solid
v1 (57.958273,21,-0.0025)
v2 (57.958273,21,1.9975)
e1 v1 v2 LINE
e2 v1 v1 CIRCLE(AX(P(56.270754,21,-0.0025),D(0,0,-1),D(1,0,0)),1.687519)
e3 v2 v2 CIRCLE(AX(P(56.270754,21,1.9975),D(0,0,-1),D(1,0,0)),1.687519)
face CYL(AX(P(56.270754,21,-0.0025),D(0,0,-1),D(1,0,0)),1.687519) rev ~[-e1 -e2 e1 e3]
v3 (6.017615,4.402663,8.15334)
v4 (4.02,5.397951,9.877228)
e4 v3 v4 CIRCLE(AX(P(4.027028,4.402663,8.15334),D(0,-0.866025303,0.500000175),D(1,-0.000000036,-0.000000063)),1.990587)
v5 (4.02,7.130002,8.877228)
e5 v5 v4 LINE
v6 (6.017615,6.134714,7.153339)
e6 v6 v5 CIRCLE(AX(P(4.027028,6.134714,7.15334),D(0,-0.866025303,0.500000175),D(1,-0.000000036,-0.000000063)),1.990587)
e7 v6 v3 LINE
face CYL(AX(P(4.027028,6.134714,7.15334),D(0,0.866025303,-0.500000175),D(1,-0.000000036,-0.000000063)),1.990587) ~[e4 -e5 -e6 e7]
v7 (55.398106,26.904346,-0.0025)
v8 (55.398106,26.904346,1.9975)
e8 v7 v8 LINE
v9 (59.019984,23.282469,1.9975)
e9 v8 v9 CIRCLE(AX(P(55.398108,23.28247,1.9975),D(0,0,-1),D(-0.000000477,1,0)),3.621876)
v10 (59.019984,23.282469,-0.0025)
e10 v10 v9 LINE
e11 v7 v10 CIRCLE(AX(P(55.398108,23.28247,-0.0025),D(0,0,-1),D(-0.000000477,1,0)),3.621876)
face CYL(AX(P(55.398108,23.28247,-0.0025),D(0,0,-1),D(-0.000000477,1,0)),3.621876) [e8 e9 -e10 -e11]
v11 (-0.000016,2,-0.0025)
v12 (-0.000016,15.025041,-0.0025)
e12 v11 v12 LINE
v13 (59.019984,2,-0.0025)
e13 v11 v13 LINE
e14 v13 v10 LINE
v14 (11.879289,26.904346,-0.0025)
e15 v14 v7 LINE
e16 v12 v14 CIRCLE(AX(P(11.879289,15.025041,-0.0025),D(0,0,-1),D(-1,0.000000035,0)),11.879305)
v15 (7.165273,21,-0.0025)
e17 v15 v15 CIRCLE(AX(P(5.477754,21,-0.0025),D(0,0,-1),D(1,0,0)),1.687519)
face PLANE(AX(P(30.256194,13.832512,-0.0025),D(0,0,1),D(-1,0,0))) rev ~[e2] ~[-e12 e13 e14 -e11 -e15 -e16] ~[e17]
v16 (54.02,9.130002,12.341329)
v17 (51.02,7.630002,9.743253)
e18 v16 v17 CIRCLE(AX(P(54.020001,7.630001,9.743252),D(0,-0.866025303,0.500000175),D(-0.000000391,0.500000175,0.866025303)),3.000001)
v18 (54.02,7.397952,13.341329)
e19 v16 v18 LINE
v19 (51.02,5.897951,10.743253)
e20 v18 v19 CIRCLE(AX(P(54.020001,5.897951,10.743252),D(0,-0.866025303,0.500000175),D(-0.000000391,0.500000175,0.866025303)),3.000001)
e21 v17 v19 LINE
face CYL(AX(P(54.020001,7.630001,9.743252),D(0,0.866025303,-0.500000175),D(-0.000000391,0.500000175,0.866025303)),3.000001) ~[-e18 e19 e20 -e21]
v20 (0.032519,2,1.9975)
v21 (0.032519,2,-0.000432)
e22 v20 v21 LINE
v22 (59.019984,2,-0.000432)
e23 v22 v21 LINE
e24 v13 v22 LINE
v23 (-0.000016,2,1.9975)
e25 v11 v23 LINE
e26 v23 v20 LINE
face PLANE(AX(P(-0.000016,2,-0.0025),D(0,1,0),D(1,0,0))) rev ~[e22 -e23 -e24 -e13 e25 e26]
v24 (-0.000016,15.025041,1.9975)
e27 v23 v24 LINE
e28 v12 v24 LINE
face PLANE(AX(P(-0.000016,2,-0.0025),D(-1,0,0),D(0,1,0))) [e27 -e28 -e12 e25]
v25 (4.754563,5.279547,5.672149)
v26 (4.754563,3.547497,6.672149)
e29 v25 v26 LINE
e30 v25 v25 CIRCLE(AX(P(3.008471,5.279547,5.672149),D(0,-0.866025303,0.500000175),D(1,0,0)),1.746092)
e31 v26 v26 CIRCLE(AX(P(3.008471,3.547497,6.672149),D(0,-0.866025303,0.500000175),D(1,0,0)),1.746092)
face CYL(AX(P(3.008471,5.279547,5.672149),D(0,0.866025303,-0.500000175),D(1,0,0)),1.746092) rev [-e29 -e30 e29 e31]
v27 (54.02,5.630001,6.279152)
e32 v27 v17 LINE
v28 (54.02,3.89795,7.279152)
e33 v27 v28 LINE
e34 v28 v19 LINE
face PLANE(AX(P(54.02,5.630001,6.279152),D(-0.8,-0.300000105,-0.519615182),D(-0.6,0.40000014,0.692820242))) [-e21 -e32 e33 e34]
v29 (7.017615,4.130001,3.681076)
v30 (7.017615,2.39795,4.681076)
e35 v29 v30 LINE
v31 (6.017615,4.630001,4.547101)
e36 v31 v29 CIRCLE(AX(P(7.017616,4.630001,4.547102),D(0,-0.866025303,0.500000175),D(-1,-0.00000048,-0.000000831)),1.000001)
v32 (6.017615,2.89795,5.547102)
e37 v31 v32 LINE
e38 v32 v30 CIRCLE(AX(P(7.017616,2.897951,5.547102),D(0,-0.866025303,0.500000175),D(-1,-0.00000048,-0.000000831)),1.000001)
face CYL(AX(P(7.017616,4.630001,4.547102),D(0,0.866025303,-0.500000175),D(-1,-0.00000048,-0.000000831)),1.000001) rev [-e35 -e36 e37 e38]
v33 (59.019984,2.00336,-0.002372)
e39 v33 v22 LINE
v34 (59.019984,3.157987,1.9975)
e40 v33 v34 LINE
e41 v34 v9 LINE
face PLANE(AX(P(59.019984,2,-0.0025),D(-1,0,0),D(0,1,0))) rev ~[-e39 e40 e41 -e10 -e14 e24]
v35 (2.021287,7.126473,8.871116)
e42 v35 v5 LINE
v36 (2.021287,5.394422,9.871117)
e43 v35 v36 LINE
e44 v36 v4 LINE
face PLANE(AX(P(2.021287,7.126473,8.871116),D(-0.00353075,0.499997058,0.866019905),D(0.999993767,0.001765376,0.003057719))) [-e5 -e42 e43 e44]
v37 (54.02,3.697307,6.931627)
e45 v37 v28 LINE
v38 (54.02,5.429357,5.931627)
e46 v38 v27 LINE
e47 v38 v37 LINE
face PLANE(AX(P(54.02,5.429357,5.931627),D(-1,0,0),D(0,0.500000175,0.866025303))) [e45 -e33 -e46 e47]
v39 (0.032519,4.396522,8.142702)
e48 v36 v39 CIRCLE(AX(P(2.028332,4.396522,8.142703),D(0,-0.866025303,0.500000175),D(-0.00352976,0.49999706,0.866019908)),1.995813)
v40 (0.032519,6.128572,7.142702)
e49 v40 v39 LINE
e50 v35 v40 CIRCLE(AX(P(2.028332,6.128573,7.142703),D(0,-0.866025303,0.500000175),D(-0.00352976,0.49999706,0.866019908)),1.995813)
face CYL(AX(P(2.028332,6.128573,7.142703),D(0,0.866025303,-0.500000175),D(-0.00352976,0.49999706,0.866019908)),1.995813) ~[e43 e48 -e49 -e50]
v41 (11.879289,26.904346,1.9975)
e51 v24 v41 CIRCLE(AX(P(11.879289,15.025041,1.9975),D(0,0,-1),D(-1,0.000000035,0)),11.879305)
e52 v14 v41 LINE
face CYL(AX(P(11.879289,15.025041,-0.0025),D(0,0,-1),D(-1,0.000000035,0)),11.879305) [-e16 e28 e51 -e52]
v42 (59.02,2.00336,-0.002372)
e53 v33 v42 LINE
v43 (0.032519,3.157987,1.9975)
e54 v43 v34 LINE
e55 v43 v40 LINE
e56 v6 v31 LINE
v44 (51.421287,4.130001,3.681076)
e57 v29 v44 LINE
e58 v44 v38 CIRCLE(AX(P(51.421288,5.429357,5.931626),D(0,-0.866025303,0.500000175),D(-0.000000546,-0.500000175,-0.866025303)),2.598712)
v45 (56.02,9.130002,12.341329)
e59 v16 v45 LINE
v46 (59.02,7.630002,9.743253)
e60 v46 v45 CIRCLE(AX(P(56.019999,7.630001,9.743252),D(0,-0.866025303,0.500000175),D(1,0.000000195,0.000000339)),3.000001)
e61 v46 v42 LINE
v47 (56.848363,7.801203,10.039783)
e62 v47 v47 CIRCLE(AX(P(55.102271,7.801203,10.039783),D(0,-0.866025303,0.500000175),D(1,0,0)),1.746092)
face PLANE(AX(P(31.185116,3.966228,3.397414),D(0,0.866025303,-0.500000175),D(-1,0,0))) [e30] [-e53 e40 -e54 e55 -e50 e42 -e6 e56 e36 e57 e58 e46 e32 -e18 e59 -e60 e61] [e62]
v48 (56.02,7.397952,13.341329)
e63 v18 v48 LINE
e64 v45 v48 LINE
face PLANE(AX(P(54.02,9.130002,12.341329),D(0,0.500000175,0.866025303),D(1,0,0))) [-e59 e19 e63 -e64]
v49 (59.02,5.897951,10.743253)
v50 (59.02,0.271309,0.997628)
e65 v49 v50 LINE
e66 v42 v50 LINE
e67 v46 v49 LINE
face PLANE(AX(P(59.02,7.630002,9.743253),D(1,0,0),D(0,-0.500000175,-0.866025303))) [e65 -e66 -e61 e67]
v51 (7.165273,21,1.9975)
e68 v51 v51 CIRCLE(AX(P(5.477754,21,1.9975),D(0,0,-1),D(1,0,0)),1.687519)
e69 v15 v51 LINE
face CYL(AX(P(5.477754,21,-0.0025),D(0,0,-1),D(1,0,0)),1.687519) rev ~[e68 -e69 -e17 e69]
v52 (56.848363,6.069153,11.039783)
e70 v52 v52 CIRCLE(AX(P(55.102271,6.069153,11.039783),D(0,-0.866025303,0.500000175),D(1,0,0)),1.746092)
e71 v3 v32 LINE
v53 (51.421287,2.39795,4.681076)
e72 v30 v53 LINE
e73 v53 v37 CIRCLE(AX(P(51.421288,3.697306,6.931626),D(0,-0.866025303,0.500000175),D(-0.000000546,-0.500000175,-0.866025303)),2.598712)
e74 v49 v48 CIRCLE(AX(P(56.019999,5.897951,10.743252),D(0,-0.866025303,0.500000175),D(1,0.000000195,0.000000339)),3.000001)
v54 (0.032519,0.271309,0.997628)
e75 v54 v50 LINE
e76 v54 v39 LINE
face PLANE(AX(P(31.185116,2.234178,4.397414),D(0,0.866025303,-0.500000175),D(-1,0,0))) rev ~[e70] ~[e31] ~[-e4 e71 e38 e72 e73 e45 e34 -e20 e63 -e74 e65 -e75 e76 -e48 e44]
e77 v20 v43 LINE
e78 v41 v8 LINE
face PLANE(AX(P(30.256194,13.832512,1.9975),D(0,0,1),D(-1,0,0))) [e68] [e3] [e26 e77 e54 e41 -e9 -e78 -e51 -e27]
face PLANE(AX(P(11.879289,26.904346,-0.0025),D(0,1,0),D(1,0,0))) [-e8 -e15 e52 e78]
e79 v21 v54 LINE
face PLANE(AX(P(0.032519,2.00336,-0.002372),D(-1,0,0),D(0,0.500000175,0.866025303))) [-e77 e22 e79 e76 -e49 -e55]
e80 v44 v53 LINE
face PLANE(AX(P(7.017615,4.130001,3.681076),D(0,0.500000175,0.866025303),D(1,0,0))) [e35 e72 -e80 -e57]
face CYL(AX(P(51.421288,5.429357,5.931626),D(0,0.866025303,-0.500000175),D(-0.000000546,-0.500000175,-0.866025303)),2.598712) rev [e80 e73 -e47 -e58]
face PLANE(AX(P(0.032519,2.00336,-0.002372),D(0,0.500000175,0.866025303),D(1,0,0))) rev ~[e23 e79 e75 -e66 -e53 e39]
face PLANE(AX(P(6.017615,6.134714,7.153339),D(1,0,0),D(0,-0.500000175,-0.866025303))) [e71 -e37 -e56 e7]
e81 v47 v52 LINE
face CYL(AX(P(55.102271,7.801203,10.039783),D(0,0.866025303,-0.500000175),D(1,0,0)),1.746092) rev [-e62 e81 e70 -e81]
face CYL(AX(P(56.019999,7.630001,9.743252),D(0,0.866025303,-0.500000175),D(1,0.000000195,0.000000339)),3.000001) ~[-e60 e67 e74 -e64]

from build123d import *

# Parameters (mm, degrees)
SKETCH004_R          = 1.687519
PAD003_DEPTH         = 2
SKETCH003_R          = 1.746092
PAD002_DEPTH         = 2
FUSION001_ROLL_ANGLE = 90


with BuildPart() as base_and_horizontal_holder001:
    # Sketch004 → Pad003 (new body)
    with BuildSketch(Plane.XZ.offset(1.2525)):
        with BuildLine():
            Line((10.979984, 0), (69.999984, 0))
            Line((69.999984, 0), (69.999984, -21.282469))
            ThreePointArc((66.378106, -24.904346), (68.939161, -23.843523), (69.999984, -21.282469))
            Line((22.859289, -24.904346), (66.378106, -24.904346))
            ThreePointArc((10.979984, -13.025041), (14.459352, -21.424978), (22.859289, -24.904346))
            Line((10.979984, 0), (10.979984, -13.025041))
        make_face()
        with Locations((67.250754, -19)):
            Circle(SKETCH004_R, mode=Mode.SUBTRACT)
        with Locations((16.457754, -19)):
            Circle(SKETCH004_R, mode=Mode.SUBTRACT)
    extrude(amount=-PAD003_DEPTH)


with BuildPart() as icezum_30_degrees_stand_holder:
    # Sketch003 → Pad002 (new body)
    with BuildSketch(Plane(origin=(0, -0.167, -0.63), x_dir=(1, 0, 0), z_dir=(0, 0.5, 0.866025))):
        with BuildLine():
            Line((11.012519, -1.25328), (11.012519, 6.997142))
            ThreePointArc((13.001287, 8.992943), (11.59459, 8.405902), (11.012519, 6.997142))
            Line((13.001287, 8.992943), (15, 9))
            ThreePointArc((16.997615, 7.009425), (16.412099, 8.419465), (15, 9))
            Line((16.997615, 7.009425), (16.997615, 4))
            ThreePointArc((16.997615, 4), (17.290509, 3.292893), (17.997615, 3))
            Line((17.997615, 3), (62, 3))
            Line((62, 3), (62.401287, 3))
            ThreePointArc((62.401287, 3), (64.238855, 3.761145), (65, 5.598713))
            Line((65, 5.598713), (65, 6))
            Line((65, 6), (62, 10))
            ThreePointArc((65, 13), (62.87868, 12.12132), (62, 10))
            Line((65, 13), (67, 13))
            ThreePointArc((70, 10), (69.12132, 12.12132), (67, 13))
            Line((70, 10), (70, -1.25328))
            Line((11.012519, -1.25328), (70, -1.25328))
        make_face()
        with Locations((13.988471, 5.299093)):
            Circle(SKETCH003_R, mode=Mode.SUBTRACT)
        with Locations((66.082271, 10.342403)):
            Circle(SKETCH003_R, mode=Mode.SUBTRACT)
    extrude(amount=PAD002_DEPTH)

    # Fusion001: union base_and_horizontal_holder001
    add(base_and_horizontal_holder001.part)


with BuildPart() as icezum_30_degrees_stand_holder_1:
    # Fusion001 roll: moved
    add(icezum_30_degrees_stand_holder.part.rotate(Axis((0, 0, 0), (1, 0, 0)), FUSION001_ROLL_ANGLE))


with BuildPart() as icezum_30_degrees_stand_holder_2:
    # Fusion001 placement: moved
    add(icezum_30_degrees_stand_holder_1.part.moved(Location((-10.98, 2, 1.25))))


solid = icezum_30_degrees_stand_holder_2.part
